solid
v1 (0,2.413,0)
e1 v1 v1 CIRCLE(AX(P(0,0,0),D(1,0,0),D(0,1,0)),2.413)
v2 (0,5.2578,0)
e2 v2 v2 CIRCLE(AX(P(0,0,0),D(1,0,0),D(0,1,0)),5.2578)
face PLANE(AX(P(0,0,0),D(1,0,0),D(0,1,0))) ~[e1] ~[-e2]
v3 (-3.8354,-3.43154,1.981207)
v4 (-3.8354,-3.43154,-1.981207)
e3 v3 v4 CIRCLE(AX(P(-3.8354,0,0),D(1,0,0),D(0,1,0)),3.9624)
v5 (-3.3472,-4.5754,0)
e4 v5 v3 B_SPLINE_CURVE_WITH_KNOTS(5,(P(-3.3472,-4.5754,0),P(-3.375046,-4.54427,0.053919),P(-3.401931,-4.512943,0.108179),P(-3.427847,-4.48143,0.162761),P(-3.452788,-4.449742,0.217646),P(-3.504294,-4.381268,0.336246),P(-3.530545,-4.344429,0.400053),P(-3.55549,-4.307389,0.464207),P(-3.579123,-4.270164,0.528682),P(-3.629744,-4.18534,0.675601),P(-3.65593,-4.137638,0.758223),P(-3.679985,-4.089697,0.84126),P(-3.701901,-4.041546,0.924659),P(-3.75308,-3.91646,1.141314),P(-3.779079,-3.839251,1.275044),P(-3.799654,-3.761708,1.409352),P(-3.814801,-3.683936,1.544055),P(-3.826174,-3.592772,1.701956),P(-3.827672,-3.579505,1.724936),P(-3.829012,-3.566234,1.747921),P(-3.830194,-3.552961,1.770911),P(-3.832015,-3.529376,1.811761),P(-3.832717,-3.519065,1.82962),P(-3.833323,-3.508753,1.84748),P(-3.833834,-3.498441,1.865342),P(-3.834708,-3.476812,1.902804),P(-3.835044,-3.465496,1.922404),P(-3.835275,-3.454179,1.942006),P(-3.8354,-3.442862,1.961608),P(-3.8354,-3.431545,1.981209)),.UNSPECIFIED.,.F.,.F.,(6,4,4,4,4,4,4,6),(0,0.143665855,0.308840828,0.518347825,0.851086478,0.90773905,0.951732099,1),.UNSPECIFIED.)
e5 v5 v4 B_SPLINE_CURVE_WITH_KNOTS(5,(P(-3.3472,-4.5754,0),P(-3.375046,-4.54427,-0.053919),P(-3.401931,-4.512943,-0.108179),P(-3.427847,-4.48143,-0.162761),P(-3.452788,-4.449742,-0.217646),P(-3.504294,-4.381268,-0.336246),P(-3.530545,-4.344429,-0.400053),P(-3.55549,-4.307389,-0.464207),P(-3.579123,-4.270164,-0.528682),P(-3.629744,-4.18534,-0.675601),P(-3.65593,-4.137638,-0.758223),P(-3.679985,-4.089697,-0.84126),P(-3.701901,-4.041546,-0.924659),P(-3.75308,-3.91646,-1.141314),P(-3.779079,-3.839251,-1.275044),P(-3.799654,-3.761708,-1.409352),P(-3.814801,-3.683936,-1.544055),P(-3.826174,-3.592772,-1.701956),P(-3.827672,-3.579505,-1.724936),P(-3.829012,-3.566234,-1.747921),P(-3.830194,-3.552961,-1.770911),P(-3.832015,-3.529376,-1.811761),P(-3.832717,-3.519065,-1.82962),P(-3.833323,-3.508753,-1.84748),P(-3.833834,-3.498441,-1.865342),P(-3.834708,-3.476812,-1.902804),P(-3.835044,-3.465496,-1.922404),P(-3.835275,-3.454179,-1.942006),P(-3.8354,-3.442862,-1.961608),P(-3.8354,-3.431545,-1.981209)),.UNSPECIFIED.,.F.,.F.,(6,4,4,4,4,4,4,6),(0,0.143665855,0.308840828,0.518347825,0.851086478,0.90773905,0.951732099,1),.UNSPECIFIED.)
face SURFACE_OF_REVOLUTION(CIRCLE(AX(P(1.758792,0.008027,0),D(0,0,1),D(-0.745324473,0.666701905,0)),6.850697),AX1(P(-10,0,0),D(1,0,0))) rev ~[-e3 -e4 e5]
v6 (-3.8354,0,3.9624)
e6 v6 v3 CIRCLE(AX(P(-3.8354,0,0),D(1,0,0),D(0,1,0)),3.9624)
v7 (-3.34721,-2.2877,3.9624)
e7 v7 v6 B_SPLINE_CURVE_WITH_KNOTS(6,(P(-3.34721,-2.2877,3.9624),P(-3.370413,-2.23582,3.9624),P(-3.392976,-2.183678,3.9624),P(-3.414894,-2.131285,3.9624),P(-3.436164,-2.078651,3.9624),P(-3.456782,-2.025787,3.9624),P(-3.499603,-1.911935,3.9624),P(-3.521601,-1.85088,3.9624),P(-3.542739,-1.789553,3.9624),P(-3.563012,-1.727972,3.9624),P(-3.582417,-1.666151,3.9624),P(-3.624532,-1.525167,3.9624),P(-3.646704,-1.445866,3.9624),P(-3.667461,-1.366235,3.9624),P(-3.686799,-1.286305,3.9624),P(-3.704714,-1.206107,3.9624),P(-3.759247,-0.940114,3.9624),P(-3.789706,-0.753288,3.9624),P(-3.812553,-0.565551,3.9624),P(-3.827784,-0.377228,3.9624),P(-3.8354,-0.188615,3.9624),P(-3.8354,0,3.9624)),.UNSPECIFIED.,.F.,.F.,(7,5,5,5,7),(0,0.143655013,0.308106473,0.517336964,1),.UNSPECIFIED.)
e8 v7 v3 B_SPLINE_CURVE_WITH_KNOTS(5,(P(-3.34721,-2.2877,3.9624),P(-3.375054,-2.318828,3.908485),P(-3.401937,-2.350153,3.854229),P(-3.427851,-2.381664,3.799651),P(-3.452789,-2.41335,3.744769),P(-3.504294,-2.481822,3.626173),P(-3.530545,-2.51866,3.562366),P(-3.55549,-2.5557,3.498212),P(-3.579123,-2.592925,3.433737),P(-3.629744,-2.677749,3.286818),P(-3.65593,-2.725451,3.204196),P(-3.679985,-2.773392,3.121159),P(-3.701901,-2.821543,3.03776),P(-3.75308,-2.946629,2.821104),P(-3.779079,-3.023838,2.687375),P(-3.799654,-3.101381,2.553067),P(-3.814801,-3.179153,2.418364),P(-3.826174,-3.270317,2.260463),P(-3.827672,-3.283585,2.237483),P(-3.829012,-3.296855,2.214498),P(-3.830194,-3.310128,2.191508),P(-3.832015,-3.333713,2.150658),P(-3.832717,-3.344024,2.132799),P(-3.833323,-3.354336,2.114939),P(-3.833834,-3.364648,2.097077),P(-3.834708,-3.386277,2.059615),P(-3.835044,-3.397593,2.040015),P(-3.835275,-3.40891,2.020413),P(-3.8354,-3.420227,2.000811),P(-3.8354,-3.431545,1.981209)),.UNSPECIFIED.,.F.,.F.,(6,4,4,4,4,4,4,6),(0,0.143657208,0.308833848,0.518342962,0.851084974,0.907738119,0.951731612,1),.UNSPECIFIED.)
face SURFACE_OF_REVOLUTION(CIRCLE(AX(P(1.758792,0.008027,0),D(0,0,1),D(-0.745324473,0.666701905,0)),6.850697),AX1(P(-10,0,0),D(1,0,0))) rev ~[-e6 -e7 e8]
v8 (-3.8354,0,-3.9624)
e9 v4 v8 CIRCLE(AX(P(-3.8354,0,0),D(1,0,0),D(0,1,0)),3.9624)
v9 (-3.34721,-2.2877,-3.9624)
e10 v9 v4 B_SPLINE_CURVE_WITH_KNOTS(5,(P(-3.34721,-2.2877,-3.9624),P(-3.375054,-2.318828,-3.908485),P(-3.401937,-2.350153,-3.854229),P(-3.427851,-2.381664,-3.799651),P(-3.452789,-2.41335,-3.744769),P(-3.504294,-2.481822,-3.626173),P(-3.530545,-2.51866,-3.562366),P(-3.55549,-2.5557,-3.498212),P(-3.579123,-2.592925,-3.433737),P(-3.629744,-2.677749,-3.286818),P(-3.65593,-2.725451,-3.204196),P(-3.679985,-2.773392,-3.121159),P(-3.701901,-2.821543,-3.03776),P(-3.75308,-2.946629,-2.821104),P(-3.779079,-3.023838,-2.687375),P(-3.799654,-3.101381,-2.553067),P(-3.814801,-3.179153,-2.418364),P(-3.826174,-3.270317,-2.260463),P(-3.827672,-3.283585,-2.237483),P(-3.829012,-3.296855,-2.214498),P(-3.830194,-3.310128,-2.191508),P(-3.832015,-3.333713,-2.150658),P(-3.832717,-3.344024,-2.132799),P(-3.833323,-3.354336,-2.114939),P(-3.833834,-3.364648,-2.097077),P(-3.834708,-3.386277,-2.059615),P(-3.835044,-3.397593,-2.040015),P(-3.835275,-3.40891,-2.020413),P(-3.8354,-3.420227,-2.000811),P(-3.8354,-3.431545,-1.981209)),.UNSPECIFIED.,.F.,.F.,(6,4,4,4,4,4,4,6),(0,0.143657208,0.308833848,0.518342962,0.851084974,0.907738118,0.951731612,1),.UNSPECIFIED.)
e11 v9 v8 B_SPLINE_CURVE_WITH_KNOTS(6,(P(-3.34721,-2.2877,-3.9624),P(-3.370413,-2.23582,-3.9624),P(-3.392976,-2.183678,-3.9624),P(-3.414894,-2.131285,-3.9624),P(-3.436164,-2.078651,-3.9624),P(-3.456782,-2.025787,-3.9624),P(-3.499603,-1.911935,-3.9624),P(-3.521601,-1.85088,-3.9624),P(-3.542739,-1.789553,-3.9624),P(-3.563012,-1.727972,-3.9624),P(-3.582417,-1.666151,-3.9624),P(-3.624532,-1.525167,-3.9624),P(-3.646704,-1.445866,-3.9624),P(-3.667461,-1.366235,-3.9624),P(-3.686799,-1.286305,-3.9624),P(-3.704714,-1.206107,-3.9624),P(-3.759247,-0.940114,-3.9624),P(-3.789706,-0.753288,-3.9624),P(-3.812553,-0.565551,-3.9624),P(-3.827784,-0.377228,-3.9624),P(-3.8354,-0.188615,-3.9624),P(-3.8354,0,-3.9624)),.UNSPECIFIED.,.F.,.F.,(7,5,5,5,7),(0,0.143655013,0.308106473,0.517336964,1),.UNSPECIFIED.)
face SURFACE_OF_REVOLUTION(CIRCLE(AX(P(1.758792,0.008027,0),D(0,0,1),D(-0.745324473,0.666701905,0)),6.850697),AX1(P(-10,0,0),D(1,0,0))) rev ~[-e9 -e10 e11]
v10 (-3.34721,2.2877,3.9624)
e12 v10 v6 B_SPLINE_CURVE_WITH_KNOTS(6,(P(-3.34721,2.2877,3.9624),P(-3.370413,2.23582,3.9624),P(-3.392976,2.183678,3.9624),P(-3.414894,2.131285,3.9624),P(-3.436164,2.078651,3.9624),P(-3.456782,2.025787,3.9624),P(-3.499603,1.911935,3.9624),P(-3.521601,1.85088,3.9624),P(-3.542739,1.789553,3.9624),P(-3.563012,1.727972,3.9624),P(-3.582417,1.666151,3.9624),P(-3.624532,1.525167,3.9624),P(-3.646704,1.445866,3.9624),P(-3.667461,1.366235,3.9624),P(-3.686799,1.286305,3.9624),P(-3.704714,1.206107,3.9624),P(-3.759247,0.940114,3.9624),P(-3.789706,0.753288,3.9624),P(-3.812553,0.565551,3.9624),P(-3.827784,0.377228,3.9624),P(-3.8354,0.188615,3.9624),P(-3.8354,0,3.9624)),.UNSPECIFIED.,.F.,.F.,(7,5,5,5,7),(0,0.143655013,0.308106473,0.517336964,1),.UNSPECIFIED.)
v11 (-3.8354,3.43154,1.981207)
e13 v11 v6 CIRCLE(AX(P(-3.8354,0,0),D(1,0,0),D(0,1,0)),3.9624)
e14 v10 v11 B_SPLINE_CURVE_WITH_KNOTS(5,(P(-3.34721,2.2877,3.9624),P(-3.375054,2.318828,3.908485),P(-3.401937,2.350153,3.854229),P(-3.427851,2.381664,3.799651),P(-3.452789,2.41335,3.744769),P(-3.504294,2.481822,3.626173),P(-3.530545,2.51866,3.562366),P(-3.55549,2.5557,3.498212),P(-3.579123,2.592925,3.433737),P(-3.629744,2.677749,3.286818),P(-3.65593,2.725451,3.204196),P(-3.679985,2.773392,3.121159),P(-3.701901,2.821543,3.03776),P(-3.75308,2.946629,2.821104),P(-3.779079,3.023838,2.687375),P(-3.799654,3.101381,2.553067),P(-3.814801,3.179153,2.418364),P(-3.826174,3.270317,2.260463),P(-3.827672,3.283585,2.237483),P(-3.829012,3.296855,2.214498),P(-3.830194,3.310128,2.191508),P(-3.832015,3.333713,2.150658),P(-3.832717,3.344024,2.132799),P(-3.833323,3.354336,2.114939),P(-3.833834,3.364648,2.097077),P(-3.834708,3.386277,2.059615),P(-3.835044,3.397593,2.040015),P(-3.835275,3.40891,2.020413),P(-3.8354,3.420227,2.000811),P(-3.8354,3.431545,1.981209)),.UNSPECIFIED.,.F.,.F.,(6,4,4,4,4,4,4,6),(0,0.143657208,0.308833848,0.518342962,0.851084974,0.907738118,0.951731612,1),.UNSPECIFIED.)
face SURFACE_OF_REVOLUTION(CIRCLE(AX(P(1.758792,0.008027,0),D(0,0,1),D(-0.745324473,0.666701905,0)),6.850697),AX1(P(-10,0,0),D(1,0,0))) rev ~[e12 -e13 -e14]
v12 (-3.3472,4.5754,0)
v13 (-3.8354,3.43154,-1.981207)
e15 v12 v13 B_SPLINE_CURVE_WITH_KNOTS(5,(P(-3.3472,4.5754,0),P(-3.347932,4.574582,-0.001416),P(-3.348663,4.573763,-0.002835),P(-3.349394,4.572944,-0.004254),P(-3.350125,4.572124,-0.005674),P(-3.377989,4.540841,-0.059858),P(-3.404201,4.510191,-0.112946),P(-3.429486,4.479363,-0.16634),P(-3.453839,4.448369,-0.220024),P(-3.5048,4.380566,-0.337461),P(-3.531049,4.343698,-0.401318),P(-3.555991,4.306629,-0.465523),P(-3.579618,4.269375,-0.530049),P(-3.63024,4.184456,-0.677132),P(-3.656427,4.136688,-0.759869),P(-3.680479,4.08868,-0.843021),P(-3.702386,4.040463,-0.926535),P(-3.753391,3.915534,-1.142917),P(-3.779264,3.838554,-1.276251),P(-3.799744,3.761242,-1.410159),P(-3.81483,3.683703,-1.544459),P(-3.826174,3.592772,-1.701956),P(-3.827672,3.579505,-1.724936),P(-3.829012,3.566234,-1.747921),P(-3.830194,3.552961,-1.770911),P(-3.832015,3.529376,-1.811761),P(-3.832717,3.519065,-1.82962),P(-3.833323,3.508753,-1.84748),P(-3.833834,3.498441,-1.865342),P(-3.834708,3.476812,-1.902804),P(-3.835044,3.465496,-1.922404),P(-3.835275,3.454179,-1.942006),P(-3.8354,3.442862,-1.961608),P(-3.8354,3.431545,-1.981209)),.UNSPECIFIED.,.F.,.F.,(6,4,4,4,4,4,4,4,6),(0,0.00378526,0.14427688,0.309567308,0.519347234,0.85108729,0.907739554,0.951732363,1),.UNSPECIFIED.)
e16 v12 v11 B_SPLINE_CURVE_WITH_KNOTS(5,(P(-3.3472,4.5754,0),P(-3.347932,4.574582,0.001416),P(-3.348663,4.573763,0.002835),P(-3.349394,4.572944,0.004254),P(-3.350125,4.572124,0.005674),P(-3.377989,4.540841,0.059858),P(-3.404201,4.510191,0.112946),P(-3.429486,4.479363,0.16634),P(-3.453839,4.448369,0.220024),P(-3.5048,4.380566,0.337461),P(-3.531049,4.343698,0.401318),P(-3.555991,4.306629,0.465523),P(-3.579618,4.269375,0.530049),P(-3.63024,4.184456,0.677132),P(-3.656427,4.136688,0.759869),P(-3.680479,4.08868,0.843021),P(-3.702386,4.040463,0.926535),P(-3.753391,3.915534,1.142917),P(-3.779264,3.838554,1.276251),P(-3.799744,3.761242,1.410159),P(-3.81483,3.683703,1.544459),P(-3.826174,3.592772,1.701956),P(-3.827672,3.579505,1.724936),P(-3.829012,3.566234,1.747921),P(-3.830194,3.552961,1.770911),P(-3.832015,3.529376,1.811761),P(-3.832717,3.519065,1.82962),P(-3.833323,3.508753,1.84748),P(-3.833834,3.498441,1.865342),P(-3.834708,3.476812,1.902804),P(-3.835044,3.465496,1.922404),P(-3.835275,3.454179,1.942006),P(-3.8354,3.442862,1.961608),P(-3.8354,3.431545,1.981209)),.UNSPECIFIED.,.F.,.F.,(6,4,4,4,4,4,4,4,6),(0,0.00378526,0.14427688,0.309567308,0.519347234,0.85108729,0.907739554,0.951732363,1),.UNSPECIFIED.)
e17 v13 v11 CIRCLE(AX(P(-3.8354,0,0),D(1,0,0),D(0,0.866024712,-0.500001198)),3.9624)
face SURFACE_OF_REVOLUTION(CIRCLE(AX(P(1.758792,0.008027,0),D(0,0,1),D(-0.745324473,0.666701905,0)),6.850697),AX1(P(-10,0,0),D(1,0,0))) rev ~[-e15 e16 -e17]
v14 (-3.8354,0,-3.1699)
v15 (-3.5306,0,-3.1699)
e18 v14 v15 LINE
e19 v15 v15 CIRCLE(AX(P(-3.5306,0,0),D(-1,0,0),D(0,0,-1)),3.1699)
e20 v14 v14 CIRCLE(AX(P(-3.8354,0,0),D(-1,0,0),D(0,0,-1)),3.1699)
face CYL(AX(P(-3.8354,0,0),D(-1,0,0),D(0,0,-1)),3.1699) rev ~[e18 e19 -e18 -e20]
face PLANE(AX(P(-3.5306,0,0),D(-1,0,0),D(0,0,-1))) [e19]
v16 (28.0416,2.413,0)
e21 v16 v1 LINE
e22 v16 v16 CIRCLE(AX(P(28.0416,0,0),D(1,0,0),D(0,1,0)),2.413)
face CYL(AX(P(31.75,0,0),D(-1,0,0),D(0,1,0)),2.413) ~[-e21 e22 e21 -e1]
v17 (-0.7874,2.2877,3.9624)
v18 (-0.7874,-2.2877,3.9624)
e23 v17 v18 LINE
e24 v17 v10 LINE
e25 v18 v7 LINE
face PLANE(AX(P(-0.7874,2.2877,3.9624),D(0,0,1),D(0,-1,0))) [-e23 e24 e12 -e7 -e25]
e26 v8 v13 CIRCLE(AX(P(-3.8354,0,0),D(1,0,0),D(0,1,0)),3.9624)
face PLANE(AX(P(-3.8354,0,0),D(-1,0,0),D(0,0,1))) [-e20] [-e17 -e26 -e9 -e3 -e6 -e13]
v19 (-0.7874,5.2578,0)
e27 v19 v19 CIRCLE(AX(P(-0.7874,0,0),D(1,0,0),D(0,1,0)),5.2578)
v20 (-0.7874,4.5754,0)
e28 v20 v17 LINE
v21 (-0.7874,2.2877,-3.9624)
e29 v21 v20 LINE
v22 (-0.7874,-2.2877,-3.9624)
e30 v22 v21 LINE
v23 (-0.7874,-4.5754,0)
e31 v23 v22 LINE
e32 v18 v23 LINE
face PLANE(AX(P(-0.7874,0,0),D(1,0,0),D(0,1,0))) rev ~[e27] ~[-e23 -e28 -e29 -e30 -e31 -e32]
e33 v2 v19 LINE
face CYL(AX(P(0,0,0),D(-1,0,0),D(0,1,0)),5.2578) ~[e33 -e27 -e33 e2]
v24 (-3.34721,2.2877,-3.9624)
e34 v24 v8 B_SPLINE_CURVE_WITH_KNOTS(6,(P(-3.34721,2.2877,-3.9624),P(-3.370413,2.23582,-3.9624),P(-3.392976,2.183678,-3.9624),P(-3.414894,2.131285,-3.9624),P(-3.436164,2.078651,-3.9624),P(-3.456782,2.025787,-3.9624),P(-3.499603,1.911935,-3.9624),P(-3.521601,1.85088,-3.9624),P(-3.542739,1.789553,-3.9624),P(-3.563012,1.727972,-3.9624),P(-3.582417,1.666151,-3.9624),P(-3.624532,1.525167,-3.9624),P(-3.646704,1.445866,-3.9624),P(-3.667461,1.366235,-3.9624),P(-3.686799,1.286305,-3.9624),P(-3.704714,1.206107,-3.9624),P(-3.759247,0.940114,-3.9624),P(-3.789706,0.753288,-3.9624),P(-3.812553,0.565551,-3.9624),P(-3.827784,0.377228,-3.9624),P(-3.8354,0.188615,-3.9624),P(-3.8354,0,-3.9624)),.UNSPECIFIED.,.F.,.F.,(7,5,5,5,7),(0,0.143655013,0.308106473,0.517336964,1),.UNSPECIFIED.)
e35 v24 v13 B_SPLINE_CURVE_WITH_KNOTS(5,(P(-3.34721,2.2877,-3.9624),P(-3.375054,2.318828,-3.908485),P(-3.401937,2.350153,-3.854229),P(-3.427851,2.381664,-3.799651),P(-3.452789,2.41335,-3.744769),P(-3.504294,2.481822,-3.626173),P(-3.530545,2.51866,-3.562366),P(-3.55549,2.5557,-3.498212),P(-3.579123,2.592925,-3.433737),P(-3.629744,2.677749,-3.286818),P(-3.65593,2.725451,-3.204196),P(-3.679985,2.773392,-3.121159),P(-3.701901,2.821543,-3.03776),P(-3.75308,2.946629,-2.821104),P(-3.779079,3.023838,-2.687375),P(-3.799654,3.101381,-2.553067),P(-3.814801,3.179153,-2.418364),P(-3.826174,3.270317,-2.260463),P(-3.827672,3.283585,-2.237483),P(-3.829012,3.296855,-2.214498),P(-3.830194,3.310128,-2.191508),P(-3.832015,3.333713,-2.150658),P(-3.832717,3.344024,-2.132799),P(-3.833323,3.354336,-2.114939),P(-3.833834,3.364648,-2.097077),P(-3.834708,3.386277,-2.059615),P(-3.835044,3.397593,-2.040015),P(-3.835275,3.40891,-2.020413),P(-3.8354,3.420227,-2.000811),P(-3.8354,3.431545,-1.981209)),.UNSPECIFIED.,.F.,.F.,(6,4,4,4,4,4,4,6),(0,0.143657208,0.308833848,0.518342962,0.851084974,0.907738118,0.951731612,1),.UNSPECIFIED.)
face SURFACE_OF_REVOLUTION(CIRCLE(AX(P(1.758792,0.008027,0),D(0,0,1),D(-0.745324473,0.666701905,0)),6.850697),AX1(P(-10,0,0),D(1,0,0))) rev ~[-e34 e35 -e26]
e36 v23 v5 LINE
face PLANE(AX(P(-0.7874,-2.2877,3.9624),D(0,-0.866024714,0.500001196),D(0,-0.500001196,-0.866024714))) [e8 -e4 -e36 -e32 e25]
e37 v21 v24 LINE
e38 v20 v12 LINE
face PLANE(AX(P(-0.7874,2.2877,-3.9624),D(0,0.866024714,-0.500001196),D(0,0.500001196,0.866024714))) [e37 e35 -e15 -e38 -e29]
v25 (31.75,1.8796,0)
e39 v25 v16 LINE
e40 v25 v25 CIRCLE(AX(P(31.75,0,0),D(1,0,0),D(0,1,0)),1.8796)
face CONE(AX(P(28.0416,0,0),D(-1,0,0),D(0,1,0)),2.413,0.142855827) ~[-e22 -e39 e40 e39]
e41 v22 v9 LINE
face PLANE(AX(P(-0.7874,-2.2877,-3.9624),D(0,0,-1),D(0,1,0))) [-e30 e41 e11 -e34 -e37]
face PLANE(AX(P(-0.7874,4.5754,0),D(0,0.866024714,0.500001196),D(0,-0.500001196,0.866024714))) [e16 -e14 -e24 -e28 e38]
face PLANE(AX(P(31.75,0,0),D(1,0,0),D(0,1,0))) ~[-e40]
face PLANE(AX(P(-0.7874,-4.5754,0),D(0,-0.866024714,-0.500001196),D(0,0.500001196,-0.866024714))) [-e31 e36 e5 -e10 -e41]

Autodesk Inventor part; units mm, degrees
ref_plane "YZ Plane" through (0, 0, 0) normal (1, 0, 0) x (0, 1, 0)
sketch "Sketch1" plane through (0, 0, 0) normal (0, 0, 1) x (1, 0, 0)
  line L0 (-0.7874, 5.2578) -> (-0.7874, 0)
  line L1 (-0.7874, 0) -> (31.75, 0)
  line L2 (31.75, 0) -> (31.75, 2.413)
  line L3 (31.75, 2.413) -> (0, 2.413)
  line L4 (0, 2.413) -> (0, 5.2578)
  line L5 (-7.2949, 0) -> (38.2575, 0) projected
  line L6 (0, -1.0516) -> (0, 6.3094) projected
  line L7 (0, 5.2578) -> (-0.7874, 5.2578)
  dimension "d1" = 0.7874
  dimension "d2" = 4.826
  dimension "d3" = 31.75
  dimension "d22" = 10.5156
revolve "Body" add sketch "Sketch1" angle 360 about axis through (-0.7874, 0, 0) along (1, 0, 0)
sketch "Sketch2" plane through (-0.7874, 0, 0) normal (-1, 0, 0) x (0, 0, 1)
  line L0 (0, 4.5754) -> (3.9624, 2.2877)
  line L1 (3.9624, 2.2877) -> (3.9624, -2.2877)
  line L2 (3.9624, -2.2877) -> (0, -4.5754)
  line L3 (0, -4.5754) -> (-3.9624, -2.2877)
  line L4 (-3.9624, -2.2877) -> (-3.9624, 2.2877)
  line L5 (-3.9624, 2.2877) -> (0, 4.5754)
  circle A0 centre (0, 0) radius 5.2578 projected
  dimension "d11" = 7.9248
extrude "Head" add sketch "Sketch2" along normal blind 3.048 contours L0 L1 L2 L3 L4 L5
ref_plane "IDS_WORKPLANE{1}" through (-3.8354, 0, 0) normal (-1, 0, 0) x (0, 0, -1)
sketch "Sketch3" plane through (-3.8354, 0, 0) normal (-1, 0, 0) x (0, 0, -1)
  circle A0 centre (0, 0) radius 3.1699
  point P0 (0, 0)
  dimension "d15" = 6.3398
extrude "Indent" cut sketch "Sketch3" against normal blind 0.3048
thread "Thread" size "10-24 UNC" class "2A" standard "ANSI Unified Screw Threads" length 31.75
sketch "Sketch4" plane through (0, 0, 0) normal (0, 0, 1) x (1, 0, 0)
  line L0 (-3.8354, 3.9624) -> (-3.8354, 4.5754)
  line L1 (-3.8354, 4.5754) -> (-3.3472, 4.5754)
  line L2 (-3.8354, 4.5754) -> (-3.8354, 2.2877) projected
  line L3 (-4.9666, 0) -> (2.8908, 0) projected
  line L4 (-0.7874, 4.5754) -> (-3.8354, 4.5754) projected
  arc A0 (-3.3472, 4.5754) -> (-3.8354, 3.9624) centre (1.7683, 0) ccw
  dimension "d21" = 7.9248
  dimension "d23" = 6.8631
revolve "Chamfer1" cut sketch "Sketch4" angle 360 about axis through (-10, 0, 0) along (1, 0, 0)
chamfer "Chamfer2" distance 0.5334 distance2 3.7084 1 edges at (31.75, -2.413, 0) measured on face at (31.75, 0.5787, 0.3409)
ref_plane "Work Plane3" through (7, 0, 0) normal (0, 0, -1) x (1, 0, 0)
equation "\"d1\" = SD"
equation "\"d2\" = NND"
equation "\"d3\" = NLG"
equation "\"d22\" = SD2"
equation "\"d11\" = SW"
equation "\"d12\" = KOH"
equation "\"d15\" = SD3"
equation "\"d16\" = SB"
equation "\"d21\" = SW"
equation "\"d23\" = 0.866025 * SW"
equation "\"d6\" = GEL"
equation "\"d19\" = -0.5 * GD2 + 0.5 * NND"
equation "\"d20\" = SPTZ"
equation "\"NLG\" = 31.75"
equation "\"NND\" = 4.826"
equation "\"KOH\" = 3.048"
equation "\"GEL\" = 31.75"
equation "\"SW\" = 7.9248"
equation "\"GD2\" = 3.7592"
equation "\"SPTZ\" = 3.7084"
equation "\"SD3\" = 0.8 * SW"
equation "\"SB\" = 0.1 * KOH"
equation "\"SD2\" = 10.5156"
equation "\"SD\" = 0.7874"
equation "\"GD1\" = 3.7592"
equation "\"THREADDIA\" = 4.826"
equation "\"TOA\" = 30deg"
equation "\"E0\" = 9.15077"
properties part number "am-1266" material "Steel, Mild"
